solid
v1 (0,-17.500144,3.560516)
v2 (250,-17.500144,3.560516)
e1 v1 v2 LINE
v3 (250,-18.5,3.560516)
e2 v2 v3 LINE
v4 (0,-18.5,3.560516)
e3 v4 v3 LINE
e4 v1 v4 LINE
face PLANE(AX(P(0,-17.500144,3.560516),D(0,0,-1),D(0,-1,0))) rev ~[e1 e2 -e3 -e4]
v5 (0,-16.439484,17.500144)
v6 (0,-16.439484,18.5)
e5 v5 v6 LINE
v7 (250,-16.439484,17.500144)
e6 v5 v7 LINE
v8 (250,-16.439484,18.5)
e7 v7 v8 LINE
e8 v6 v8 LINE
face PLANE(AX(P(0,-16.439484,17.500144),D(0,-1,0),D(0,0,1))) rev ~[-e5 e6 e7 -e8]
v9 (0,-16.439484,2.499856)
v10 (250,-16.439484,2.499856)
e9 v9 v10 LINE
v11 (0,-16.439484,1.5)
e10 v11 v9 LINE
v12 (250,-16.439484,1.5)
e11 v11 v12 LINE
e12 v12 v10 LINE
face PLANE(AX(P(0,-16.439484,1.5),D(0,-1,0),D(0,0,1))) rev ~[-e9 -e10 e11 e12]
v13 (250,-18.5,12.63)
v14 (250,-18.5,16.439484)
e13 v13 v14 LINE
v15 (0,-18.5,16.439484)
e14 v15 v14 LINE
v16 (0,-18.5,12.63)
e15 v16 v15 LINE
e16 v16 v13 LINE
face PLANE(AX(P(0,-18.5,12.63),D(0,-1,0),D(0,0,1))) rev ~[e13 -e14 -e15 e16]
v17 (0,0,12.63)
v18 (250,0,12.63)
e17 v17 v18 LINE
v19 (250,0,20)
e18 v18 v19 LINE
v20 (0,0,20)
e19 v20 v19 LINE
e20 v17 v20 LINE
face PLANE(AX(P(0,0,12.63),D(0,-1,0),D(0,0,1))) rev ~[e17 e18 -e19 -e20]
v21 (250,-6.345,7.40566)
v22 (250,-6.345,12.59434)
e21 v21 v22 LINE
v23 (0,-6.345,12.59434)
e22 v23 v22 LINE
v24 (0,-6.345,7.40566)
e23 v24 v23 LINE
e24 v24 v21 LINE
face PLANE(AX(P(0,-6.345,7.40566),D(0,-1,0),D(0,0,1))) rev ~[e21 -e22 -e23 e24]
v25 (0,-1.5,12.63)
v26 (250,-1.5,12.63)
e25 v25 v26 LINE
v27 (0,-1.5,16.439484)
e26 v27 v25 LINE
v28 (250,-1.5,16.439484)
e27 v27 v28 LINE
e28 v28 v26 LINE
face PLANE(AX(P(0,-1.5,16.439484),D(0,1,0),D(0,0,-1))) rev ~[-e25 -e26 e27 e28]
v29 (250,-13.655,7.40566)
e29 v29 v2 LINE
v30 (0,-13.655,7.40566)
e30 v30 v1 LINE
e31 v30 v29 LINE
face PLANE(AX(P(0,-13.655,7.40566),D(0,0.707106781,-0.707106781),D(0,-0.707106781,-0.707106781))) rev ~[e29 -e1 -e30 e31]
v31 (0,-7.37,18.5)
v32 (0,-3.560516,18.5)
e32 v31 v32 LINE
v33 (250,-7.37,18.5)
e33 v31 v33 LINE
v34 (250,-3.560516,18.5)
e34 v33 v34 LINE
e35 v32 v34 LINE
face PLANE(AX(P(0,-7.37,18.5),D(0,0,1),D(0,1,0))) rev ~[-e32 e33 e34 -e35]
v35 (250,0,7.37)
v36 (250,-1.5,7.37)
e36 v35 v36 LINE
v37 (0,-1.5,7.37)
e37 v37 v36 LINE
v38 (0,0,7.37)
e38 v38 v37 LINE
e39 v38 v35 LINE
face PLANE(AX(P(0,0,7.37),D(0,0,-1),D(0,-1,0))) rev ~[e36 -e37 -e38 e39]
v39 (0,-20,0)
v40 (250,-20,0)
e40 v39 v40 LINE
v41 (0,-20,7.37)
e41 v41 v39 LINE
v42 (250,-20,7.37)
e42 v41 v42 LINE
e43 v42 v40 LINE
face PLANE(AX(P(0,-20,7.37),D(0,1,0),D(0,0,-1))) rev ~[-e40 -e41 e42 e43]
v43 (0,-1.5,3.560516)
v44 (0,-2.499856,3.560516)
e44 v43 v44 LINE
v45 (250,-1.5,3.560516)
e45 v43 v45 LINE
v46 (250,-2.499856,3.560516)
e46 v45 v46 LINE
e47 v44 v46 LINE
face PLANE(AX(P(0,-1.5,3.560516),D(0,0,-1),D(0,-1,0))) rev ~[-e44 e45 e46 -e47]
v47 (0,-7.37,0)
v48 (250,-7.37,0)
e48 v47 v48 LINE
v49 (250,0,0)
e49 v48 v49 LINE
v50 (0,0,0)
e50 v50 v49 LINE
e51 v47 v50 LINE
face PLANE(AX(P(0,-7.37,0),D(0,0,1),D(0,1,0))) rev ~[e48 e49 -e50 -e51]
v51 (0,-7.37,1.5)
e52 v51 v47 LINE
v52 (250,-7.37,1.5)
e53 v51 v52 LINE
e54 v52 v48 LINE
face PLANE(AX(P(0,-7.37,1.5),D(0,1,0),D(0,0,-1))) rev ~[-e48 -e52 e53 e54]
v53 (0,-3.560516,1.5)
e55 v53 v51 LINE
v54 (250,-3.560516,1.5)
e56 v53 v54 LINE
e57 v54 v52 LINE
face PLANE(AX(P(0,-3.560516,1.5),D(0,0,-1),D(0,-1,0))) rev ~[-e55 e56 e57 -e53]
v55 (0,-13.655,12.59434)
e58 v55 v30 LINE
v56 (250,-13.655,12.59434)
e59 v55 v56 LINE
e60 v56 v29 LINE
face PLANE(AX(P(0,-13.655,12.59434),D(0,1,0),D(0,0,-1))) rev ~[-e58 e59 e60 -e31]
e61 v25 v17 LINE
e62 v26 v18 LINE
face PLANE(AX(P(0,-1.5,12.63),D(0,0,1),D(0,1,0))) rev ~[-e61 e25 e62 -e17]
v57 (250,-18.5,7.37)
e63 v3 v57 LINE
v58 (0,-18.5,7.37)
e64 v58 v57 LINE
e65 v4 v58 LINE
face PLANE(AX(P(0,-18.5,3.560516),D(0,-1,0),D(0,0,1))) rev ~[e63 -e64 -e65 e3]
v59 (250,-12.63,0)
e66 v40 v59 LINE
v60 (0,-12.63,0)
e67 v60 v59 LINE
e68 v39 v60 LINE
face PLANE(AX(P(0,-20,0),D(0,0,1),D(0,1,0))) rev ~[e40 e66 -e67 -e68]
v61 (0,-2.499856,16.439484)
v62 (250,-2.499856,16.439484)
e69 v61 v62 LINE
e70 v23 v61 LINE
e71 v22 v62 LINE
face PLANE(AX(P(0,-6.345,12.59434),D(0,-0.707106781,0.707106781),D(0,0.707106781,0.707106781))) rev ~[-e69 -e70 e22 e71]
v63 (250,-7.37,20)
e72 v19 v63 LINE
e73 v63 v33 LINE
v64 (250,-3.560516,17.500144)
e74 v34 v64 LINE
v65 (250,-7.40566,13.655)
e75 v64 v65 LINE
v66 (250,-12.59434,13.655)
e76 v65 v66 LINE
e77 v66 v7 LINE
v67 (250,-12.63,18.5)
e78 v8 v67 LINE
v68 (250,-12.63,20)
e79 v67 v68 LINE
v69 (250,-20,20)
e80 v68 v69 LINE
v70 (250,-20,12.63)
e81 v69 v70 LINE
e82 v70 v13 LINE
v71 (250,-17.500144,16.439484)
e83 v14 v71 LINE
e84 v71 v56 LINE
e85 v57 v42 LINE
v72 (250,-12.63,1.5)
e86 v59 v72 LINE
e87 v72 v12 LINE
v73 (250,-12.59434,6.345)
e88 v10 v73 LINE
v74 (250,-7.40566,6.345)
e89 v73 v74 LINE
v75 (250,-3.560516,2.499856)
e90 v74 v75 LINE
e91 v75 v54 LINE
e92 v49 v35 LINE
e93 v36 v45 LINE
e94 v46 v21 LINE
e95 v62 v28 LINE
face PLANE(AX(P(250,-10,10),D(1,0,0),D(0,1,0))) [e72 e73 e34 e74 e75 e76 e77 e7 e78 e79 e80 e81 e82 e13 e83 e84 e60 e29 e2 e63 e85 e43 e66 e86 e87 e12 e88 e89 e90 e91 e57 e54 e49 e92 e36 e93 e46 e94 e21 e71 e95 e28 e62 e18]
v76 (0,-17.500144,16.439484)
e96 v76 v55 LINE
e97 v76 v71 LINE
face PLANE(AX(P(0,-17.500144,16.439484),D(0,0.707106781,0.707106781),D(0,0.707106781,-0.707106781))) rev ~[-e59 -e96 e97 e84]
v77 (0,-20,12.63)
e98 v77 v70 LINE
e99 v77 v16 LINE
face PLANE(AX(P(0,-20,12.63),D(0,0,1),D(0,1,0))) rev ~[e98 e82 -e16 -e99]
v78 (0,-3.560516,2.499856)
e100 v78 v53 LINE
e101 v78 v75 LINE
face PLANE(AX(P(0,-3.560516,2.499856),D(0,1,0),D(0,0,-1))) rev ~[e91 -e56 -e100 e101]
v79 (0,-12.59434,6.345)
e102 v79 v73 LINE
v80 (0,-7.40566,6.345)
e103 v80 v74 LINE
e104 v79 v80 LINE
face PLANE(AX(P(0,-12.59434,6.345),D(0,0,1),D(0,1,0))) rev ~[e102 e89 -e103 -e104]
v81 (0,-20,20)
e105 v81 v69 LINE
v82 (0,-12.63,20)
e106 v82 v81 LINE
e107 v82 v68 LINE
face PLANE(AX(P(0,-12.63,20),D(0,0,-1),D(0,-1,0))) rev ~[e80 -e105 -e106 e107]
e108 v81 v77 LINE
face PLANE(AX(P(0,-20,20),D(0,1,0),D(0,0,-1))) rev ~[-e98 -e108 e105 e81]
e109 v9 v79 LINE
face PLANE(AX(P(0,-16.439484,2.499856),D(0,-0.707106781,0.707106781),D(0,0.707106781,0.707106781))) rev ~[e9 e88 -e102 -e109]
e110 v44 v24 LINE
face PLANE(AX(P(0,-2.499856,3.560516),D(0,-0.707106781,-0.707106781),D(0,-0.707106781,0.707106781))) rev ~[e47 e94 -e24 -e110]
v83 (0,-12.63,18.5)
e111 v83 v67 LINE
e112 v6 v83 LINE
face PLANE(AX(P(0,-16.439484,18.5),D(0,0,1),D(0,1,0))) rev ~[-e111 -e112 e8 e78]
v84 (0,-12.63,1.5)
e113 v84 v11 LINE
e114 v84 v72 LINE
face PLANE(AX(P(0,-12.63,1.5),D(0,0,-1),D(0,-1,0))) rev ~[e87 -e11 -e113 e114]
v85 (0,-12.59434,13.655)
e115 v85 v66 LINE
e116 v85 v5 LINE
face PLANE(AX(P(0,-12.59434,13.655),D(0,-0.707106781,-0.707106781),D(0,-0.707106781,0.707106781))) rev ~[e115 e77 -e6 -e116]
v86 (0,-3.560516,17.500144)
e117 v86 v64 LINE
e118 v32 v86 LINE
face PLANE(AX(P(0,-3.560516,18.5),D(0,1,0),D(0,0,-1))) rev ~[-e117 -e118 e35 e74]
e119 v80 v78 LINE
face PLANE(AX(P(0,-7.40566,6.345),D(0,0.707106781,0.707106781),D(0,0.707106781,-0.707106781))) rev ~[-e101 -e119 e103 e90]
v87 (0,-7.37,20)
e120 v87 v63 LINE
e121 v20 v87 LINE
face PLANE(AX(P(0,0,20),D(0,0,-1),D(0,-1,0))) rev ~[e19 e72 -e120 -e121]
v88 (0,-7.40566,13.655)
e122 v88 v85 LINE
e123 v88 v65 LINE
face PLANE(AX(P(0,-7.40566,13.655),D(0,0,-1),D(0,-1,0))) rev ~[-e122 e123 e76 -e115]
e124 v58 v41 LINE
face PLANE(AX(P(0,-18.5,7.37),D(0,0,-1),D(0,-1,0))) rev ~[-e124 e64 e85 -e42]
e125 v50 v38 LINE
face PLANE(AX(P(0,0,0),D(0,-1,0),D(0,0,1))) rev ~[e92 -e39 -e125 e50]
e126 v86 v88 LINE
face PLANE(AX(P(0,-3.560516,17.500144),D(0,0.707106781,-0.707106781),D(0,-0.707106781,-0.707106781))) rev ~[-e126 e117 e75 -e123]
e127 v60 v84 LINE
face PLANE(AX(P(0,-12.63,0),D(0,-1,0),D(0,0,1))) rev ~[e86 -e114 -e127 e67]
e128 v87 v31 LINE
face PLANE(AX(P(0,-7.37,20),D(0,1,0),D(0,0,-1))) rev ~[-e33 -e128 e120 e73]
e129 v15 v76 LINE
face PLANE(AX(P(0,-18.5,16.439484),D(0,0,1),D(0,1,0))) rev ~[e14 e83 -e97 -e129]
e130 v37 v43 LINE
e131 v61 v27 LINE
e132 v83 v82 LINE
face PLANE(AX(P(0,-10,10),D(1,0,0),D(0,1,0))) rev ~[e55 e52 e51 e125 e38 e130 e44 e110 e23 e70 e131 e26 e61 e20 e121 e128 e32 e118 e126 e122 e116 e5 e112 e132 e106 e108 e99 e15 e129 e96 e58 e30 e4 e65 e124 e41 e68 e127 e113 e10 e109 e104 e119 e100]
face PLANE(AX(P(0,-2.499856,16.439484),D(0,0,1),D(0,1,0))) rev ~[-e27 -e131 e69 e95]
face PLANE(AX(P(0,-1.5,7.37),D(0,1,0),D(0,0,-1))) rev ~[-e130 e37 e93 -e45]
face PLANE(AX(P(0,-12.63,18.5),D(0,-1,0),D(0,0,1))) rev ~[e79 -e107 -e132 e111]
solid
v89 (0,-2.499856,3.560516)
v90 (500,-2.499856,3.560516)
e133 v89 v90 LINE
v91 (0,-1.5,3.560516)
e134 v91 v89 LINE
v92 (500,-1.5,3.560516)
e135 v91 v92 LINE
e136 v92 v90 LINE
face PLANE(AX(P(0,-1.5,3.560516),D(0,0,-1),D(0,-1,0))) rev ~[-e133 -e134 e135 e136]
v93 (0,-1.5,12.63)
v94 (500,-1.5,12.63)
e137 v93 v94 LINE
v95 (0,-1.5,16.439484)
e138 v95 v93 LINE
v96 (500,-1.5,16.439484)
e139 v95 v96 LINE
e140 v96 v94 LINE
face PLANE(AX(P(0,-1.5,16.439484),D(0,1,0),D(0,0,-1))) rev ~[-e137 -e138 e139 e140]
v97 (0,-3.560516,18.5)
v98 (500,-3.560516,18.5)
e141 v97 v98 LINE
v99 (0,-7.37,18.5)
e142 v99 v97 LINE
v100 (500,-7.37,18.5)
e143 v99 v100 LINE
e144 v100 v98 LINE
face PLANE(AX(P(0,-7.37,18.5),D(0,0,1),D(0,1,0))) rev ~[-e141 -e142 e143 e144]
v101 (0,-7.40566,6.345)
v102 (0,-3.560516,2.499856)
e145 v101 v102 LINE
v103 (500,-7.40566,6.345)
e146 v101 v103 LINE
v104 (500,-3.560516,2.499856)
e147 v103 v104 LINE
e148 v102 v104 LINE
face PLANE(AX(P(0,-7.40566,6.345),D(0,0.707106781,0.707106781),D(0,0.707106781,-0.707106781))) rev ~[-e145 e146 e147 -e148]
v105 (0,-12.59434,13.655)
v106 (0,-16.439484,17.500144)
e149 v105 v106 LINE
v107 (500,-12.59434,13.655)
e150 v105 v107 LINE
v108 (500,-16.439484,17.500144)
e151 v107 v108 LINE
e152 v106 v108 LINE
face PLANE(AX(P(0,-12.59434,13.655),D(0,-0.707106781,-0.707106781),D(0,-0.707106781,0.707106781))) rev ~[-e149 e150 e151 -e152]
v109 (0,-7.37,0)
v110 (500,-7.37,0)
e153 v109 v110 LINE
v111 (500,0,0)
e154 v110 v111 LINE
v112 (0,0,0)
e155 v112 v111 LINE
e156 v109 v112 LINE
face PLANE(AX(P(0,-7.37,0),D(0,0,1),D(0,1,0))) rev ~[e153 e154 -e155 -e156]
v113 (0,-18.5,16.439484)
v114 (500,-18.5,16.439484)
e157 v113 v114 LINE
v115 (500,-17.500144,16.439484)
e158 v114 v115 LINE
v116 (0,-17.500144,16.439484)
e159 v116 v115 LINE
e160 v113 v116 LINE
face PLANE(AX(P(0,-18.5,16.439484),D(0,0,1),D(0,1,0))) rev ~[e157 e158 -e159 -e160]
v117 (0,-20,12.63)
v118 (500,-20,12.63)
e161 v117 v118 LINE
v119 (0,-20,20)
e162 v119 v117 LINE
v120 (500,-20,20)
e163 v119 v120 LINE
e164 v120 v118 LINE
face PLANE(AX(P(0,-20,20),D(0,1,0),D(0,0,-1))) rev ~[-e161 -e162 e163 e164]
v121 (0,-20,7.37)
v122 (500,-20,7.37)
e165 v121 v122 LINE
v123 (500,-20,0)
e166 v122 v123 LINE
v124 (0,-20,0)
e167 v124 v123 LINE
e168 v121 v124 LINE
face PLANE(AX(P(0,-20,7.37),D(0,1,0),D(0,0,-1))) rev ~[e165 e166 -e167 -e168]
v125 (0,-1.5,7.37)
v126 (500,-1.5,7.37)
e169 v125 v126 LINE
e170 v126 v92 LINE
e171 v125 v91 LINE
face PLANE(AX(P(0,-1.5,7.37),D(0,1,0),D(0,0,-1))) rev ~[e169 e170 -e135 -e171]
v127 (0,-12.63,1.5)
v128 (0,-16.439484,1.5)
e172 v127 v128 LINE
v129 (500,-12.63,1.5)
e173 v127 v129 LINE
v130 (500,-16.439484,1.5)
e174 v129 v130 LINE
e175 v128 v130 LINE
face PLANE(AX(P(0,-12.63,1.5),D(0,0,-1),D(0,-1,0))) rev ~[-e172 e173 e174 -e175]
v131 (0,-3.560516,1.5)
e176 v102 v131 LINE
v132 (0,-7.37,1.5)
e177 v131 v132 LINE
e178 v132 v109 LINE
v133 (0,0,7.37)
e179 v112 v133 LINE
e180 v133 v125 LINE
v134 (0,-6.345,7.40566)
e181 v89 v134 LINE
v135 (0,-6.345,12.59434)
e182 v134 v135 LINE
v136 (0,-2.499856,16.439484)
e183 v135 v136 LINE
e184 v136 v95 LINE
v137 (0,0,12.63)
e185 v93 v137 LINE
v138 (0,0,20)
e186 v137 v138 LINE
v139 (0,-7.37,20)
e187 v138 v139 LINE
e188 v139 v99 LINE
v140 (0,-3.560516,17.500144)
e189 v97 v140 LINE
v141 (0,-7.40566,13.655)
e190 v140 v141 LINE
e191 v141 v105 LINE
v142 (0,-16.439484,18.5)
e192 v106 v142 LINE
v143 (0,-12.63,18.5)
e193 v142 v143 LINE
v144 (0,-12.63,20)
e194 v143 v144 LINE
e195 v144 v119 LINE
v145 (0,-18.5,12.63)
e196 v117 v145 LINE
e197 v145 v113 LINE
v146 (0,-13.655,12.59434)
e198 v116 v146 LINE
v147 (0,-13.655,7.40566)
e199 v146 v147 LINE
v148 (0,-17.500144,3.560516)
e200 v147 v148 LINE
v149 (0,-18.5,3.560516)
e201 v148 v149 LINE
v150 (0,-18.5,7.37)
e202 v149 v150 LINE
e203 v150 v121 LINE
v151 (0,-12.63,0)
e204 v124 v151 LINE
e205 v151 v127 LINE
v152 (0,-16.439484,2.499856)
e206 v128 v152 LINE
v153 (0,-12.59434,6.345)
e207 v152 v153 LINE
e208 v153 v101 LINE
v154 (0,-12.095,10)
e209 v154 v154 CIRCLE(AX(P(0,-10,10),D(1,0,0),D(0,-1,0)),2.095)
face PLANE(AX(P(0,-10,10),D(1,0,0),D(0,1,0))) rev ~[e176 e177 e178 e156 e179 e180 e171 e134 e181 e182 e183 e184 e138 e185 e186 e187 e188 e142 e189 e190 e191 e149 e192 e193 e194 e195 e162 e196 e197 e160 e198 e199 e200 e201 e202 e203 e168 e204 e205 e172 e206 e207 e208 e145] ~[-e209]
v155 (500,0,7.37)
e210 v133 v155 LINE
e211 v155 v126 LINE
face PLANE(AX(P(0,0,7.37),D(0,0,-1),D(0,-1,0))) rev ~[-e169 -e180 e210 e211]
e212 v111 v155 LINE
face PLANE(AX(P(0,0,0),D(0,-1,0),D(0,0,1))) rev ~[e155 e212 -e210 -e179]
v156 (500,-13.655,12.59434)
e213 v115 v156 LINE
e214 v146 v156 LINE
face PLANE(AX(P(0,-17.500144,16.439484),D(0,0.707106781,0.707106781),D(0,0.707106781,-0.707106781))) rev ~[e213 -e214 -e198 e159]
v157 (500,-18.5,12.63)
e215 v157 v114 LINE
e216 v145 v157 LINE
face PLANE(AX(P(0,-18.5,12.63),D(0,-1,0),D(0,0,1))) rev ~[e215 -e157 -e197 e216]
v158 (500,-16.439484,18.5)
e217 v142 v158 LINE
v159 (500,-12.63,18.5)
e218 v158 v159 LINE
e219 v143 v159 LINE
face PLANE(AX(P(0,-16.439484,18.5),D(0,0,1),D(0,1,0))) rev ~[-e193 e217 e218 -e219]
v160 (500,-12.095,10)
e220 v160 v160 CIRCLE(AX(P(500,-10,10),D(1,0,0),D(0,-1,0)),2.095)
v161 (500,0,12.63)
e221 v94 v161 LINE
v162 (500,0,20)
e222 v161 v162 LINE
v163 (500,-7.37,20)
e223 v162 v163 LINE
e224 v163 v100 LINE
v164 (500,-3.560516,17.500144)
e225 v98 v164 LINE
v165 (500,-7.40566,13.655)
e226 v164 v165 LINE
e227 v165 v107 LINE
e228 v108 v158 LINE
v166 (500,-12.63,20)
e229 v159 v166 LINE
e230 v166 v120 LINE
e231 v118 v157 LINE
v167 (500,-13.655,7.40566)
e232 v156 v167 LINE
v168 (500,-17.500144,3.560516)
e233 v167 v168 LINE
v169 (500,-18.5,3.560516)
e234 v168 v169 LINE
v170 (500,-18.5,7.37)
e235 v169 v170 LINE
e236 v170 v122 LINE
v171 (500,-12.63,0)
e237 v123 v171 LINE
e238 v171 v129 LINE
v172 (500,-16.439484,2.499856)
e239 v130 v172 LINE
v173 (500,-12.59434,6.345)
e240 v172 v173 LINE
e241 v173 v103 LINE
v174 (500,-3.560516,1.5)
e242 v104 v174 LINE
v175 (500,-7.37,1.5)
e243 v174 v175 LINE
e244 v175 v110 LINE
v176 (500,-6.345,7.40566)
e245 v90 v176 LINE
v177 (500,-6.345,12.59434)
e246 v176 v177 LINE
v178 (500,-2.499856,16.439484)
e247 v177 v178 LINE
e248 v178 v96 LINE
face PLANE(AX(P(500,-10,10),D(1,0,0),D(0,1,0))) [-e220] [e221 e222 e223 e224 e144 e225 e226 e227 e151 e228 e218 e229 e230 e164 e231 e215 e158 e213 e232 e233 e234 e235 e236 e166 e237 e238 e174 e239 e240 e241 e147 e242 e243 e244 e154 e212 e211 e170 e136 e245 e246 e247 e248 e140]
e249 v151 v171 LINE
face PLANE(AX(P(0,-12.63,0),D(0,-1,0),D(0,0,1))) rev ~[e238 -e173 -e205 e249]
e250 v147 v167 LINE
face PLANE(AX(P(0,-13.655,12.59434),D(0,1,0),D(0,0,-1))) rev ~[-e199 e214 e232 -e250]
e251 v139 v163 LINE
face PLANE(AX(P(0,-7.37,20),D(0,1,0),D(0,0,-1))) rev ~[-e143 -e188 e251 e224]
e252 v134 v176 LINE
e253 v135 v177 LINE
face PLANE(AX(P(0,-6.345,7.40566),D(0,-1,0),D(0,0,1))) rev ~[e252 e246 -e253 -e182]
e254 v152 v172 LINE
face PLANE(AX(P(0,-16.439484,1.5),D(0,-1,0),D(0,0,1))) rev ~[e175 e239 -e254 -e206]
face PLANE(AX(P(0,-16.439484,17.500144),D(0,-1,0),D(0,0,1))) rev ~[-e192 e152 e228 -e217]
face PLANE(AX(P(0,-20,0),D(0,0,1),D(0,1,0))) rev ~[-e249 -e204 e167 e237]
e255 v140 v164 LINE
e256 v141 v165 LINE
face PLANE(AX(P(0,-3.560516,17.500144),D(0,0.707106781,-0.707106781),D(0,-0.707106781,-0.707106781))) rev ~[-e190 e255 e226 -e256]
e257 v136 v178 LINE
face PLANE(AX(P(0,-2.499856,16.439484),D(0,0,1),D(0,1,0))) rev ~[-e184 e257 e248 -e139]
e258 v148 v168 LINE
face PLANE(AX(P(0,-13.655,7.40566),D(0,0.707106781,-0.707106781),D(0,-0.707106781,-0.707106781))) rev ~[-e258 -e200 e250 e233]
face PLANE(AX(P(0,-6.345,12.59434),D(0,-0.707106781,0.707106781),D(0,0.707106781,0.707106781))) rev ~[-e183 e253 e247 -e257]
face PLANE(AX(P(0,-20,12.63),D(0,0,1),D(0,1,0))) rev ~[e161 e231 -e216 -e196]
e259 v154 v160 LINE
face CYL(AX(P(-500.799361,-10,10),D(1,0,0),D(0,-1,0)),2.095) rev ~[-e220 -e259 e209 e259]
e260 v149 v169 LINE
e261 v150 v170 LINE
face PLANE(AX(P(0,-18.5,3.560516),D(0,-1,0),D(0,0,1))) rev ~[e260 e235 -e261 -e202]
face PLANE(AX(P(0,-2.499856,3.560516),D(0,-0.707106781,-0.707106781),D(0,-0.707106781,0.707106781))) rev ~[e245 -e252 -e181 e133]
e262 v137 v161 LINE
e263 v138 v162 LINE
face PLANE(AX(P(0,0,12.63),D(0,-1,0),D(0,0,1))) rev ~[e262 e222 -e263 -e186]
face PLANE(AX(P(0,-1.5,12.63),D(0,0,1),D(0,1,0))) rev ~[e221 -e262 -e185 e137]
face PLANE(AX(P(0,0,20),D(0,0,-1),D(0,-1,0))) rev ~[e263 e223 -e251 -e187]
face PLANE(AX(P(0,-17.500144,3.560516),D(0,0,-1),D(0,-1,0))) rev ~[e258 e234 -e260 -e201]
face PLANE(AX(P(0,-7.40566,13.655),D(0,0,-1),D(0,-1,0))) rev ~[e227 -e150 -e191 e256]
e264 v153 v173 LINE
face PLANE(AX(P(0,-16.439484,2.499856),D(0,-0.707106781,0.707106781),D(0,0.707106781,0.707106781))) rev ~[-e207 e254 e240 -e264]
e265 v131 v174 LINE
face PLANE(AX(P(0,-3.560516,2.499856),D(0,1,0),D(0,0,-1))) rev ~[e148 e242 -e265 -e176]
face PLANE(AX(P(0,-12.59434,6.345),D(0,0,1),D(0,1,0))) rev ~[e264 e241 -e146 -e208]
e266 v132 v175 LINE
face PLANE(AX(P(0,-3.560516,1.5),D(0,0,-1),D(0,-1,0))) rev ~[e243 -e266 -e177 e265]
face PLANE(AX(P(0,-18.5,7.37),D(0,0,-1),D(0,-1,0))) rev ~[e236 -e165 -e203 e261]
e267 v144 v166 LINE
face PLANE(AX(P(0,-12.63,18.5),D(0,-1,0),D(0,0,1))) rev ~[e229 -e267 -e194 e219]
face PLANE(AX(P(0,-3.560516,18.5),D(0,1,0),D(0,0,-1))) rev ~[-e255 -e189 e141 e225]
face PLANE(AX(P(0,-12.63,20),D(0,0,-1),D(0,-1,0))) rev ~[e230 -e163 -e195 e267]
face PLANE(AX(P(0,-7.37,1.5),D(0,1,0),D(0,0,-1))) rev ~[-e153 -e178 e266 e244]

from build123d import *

# Parameters (mm, degrees)
F1_DEPTH = 500
F2_D     = 4.19
F3_DEPTH = 250


with BuildPart() as f1:
    # F0 (on Right) → F1 (new body)
    with BuildSketch(Plane.YZ):
        Polygon((-12.63, 20), (-20, 20), (-20, 12.63), (-18.5, 12.63), (-18.5, 16.4394841107), (-17.5001442825, 16.4394841107), (-13.655, 12.5943398282), (-13.655, 7.4056601718), (-17.5001442825, 3.5605158893), (-18.5, 3.5605158893), (-18.5, 7.37), (-20, 7.37), (-20, 0), (-12.63, 0), (-12.63, 1.5), (-16.4394841107, 1.5), (-16.4394841107, 2.4998557175), (-12.5943398282, 6.345), (-7.4056601718, 6.345), (-3.5605158893, 2.4998557175), (-3.5605158893, 1.5), (-7.37, 1.5), (-7.37, 0), (0, 0), (0, 7.37), (-1.5, 7.37), (-1.5, 3.5605158893), (-2.4998557175, 3.5605158893), (-6.345, 7.4056601718), (-6.345, 12.5943398282), (-2.4998557175, 16.4394841107), (-1.5, 16.4394841107), (-1.5, 12.63), (0, 12.63), (0, 20), (-7.37, 20), (-7.37, 18.5), (-3.5605158893, 18.5), (-3.5605158893, 17.5001442825), (-7.4056601718, 13.655), (-12.5943398282, 13.655), (-16.4394841107, 17.5001442825), (-16.4394841107, 18.5), (-12.63, 18.5), align=None)
    extrude(amount=F1_DEPTH)

    # F2 (through all)
    with Locations(Plane(origin=(0, 0, 0), x_dir=(0, 1, 0), z_dir=(-1, 0, 0))):
        with Locations((-10, -10)):
            Hole(F2_D / 2)


with BuildPart() as f3:
    # F0 (on Right) → F3 (new body)
    with BuildSketch(Plane.YZ):
        Polygon((-12.63, 20), (-20, 20), (-20, 12.63), (-18.5, 12.63), (-18.5, 16.4394841107), (-17.5001442825, 16.4394841107), (-13.655, 12.5943398282), (-13.655, 7.4056601718), (-17.5001442825, 3.5605158893), (-18.5, 3.5605158893), (-18.5, 7.37), (-20, 7.37), (-20, 0), (-12.63, 0), (-12.63, 1.5), (-16.4394841107, 1.5), (-16.4394841107, 2.4998557175), (-12.5943398282, 6.345), (-7.4056601718, 6.345), (-3.5605158893, 2.4998557175), (-3.5605158893, 1.5), (-7.37, 1.5), (-7.37, 0), (0, 0), (0, 7.37), (-1.5, 7.37), (-1.5, 3.5605158893), (-2.4998557175, 3.5605158893), (-6.345, 7.4056601718), (-6.345, 12.5943398282), (-2.4998557175, 16.4394841107), (-1.5, 16.4394841107), (-1.5, 12.63), (0, 12.63), (0, 20), (-7.37, 20), (-7.37, 18.5), (-3.5605158893, 18.5), (-3.5605158893, 17.5001442825), (-7.4056601718, 13.655), (-12.5943398282, 13.655), (-16.4394841107, 17.5001442825), (-16.4394841107, 18.5), (-12.63, 18.5), align=None)
    extrude(amount=F3_DEPTH)


solid = Compound([f1.part, f3.part])
